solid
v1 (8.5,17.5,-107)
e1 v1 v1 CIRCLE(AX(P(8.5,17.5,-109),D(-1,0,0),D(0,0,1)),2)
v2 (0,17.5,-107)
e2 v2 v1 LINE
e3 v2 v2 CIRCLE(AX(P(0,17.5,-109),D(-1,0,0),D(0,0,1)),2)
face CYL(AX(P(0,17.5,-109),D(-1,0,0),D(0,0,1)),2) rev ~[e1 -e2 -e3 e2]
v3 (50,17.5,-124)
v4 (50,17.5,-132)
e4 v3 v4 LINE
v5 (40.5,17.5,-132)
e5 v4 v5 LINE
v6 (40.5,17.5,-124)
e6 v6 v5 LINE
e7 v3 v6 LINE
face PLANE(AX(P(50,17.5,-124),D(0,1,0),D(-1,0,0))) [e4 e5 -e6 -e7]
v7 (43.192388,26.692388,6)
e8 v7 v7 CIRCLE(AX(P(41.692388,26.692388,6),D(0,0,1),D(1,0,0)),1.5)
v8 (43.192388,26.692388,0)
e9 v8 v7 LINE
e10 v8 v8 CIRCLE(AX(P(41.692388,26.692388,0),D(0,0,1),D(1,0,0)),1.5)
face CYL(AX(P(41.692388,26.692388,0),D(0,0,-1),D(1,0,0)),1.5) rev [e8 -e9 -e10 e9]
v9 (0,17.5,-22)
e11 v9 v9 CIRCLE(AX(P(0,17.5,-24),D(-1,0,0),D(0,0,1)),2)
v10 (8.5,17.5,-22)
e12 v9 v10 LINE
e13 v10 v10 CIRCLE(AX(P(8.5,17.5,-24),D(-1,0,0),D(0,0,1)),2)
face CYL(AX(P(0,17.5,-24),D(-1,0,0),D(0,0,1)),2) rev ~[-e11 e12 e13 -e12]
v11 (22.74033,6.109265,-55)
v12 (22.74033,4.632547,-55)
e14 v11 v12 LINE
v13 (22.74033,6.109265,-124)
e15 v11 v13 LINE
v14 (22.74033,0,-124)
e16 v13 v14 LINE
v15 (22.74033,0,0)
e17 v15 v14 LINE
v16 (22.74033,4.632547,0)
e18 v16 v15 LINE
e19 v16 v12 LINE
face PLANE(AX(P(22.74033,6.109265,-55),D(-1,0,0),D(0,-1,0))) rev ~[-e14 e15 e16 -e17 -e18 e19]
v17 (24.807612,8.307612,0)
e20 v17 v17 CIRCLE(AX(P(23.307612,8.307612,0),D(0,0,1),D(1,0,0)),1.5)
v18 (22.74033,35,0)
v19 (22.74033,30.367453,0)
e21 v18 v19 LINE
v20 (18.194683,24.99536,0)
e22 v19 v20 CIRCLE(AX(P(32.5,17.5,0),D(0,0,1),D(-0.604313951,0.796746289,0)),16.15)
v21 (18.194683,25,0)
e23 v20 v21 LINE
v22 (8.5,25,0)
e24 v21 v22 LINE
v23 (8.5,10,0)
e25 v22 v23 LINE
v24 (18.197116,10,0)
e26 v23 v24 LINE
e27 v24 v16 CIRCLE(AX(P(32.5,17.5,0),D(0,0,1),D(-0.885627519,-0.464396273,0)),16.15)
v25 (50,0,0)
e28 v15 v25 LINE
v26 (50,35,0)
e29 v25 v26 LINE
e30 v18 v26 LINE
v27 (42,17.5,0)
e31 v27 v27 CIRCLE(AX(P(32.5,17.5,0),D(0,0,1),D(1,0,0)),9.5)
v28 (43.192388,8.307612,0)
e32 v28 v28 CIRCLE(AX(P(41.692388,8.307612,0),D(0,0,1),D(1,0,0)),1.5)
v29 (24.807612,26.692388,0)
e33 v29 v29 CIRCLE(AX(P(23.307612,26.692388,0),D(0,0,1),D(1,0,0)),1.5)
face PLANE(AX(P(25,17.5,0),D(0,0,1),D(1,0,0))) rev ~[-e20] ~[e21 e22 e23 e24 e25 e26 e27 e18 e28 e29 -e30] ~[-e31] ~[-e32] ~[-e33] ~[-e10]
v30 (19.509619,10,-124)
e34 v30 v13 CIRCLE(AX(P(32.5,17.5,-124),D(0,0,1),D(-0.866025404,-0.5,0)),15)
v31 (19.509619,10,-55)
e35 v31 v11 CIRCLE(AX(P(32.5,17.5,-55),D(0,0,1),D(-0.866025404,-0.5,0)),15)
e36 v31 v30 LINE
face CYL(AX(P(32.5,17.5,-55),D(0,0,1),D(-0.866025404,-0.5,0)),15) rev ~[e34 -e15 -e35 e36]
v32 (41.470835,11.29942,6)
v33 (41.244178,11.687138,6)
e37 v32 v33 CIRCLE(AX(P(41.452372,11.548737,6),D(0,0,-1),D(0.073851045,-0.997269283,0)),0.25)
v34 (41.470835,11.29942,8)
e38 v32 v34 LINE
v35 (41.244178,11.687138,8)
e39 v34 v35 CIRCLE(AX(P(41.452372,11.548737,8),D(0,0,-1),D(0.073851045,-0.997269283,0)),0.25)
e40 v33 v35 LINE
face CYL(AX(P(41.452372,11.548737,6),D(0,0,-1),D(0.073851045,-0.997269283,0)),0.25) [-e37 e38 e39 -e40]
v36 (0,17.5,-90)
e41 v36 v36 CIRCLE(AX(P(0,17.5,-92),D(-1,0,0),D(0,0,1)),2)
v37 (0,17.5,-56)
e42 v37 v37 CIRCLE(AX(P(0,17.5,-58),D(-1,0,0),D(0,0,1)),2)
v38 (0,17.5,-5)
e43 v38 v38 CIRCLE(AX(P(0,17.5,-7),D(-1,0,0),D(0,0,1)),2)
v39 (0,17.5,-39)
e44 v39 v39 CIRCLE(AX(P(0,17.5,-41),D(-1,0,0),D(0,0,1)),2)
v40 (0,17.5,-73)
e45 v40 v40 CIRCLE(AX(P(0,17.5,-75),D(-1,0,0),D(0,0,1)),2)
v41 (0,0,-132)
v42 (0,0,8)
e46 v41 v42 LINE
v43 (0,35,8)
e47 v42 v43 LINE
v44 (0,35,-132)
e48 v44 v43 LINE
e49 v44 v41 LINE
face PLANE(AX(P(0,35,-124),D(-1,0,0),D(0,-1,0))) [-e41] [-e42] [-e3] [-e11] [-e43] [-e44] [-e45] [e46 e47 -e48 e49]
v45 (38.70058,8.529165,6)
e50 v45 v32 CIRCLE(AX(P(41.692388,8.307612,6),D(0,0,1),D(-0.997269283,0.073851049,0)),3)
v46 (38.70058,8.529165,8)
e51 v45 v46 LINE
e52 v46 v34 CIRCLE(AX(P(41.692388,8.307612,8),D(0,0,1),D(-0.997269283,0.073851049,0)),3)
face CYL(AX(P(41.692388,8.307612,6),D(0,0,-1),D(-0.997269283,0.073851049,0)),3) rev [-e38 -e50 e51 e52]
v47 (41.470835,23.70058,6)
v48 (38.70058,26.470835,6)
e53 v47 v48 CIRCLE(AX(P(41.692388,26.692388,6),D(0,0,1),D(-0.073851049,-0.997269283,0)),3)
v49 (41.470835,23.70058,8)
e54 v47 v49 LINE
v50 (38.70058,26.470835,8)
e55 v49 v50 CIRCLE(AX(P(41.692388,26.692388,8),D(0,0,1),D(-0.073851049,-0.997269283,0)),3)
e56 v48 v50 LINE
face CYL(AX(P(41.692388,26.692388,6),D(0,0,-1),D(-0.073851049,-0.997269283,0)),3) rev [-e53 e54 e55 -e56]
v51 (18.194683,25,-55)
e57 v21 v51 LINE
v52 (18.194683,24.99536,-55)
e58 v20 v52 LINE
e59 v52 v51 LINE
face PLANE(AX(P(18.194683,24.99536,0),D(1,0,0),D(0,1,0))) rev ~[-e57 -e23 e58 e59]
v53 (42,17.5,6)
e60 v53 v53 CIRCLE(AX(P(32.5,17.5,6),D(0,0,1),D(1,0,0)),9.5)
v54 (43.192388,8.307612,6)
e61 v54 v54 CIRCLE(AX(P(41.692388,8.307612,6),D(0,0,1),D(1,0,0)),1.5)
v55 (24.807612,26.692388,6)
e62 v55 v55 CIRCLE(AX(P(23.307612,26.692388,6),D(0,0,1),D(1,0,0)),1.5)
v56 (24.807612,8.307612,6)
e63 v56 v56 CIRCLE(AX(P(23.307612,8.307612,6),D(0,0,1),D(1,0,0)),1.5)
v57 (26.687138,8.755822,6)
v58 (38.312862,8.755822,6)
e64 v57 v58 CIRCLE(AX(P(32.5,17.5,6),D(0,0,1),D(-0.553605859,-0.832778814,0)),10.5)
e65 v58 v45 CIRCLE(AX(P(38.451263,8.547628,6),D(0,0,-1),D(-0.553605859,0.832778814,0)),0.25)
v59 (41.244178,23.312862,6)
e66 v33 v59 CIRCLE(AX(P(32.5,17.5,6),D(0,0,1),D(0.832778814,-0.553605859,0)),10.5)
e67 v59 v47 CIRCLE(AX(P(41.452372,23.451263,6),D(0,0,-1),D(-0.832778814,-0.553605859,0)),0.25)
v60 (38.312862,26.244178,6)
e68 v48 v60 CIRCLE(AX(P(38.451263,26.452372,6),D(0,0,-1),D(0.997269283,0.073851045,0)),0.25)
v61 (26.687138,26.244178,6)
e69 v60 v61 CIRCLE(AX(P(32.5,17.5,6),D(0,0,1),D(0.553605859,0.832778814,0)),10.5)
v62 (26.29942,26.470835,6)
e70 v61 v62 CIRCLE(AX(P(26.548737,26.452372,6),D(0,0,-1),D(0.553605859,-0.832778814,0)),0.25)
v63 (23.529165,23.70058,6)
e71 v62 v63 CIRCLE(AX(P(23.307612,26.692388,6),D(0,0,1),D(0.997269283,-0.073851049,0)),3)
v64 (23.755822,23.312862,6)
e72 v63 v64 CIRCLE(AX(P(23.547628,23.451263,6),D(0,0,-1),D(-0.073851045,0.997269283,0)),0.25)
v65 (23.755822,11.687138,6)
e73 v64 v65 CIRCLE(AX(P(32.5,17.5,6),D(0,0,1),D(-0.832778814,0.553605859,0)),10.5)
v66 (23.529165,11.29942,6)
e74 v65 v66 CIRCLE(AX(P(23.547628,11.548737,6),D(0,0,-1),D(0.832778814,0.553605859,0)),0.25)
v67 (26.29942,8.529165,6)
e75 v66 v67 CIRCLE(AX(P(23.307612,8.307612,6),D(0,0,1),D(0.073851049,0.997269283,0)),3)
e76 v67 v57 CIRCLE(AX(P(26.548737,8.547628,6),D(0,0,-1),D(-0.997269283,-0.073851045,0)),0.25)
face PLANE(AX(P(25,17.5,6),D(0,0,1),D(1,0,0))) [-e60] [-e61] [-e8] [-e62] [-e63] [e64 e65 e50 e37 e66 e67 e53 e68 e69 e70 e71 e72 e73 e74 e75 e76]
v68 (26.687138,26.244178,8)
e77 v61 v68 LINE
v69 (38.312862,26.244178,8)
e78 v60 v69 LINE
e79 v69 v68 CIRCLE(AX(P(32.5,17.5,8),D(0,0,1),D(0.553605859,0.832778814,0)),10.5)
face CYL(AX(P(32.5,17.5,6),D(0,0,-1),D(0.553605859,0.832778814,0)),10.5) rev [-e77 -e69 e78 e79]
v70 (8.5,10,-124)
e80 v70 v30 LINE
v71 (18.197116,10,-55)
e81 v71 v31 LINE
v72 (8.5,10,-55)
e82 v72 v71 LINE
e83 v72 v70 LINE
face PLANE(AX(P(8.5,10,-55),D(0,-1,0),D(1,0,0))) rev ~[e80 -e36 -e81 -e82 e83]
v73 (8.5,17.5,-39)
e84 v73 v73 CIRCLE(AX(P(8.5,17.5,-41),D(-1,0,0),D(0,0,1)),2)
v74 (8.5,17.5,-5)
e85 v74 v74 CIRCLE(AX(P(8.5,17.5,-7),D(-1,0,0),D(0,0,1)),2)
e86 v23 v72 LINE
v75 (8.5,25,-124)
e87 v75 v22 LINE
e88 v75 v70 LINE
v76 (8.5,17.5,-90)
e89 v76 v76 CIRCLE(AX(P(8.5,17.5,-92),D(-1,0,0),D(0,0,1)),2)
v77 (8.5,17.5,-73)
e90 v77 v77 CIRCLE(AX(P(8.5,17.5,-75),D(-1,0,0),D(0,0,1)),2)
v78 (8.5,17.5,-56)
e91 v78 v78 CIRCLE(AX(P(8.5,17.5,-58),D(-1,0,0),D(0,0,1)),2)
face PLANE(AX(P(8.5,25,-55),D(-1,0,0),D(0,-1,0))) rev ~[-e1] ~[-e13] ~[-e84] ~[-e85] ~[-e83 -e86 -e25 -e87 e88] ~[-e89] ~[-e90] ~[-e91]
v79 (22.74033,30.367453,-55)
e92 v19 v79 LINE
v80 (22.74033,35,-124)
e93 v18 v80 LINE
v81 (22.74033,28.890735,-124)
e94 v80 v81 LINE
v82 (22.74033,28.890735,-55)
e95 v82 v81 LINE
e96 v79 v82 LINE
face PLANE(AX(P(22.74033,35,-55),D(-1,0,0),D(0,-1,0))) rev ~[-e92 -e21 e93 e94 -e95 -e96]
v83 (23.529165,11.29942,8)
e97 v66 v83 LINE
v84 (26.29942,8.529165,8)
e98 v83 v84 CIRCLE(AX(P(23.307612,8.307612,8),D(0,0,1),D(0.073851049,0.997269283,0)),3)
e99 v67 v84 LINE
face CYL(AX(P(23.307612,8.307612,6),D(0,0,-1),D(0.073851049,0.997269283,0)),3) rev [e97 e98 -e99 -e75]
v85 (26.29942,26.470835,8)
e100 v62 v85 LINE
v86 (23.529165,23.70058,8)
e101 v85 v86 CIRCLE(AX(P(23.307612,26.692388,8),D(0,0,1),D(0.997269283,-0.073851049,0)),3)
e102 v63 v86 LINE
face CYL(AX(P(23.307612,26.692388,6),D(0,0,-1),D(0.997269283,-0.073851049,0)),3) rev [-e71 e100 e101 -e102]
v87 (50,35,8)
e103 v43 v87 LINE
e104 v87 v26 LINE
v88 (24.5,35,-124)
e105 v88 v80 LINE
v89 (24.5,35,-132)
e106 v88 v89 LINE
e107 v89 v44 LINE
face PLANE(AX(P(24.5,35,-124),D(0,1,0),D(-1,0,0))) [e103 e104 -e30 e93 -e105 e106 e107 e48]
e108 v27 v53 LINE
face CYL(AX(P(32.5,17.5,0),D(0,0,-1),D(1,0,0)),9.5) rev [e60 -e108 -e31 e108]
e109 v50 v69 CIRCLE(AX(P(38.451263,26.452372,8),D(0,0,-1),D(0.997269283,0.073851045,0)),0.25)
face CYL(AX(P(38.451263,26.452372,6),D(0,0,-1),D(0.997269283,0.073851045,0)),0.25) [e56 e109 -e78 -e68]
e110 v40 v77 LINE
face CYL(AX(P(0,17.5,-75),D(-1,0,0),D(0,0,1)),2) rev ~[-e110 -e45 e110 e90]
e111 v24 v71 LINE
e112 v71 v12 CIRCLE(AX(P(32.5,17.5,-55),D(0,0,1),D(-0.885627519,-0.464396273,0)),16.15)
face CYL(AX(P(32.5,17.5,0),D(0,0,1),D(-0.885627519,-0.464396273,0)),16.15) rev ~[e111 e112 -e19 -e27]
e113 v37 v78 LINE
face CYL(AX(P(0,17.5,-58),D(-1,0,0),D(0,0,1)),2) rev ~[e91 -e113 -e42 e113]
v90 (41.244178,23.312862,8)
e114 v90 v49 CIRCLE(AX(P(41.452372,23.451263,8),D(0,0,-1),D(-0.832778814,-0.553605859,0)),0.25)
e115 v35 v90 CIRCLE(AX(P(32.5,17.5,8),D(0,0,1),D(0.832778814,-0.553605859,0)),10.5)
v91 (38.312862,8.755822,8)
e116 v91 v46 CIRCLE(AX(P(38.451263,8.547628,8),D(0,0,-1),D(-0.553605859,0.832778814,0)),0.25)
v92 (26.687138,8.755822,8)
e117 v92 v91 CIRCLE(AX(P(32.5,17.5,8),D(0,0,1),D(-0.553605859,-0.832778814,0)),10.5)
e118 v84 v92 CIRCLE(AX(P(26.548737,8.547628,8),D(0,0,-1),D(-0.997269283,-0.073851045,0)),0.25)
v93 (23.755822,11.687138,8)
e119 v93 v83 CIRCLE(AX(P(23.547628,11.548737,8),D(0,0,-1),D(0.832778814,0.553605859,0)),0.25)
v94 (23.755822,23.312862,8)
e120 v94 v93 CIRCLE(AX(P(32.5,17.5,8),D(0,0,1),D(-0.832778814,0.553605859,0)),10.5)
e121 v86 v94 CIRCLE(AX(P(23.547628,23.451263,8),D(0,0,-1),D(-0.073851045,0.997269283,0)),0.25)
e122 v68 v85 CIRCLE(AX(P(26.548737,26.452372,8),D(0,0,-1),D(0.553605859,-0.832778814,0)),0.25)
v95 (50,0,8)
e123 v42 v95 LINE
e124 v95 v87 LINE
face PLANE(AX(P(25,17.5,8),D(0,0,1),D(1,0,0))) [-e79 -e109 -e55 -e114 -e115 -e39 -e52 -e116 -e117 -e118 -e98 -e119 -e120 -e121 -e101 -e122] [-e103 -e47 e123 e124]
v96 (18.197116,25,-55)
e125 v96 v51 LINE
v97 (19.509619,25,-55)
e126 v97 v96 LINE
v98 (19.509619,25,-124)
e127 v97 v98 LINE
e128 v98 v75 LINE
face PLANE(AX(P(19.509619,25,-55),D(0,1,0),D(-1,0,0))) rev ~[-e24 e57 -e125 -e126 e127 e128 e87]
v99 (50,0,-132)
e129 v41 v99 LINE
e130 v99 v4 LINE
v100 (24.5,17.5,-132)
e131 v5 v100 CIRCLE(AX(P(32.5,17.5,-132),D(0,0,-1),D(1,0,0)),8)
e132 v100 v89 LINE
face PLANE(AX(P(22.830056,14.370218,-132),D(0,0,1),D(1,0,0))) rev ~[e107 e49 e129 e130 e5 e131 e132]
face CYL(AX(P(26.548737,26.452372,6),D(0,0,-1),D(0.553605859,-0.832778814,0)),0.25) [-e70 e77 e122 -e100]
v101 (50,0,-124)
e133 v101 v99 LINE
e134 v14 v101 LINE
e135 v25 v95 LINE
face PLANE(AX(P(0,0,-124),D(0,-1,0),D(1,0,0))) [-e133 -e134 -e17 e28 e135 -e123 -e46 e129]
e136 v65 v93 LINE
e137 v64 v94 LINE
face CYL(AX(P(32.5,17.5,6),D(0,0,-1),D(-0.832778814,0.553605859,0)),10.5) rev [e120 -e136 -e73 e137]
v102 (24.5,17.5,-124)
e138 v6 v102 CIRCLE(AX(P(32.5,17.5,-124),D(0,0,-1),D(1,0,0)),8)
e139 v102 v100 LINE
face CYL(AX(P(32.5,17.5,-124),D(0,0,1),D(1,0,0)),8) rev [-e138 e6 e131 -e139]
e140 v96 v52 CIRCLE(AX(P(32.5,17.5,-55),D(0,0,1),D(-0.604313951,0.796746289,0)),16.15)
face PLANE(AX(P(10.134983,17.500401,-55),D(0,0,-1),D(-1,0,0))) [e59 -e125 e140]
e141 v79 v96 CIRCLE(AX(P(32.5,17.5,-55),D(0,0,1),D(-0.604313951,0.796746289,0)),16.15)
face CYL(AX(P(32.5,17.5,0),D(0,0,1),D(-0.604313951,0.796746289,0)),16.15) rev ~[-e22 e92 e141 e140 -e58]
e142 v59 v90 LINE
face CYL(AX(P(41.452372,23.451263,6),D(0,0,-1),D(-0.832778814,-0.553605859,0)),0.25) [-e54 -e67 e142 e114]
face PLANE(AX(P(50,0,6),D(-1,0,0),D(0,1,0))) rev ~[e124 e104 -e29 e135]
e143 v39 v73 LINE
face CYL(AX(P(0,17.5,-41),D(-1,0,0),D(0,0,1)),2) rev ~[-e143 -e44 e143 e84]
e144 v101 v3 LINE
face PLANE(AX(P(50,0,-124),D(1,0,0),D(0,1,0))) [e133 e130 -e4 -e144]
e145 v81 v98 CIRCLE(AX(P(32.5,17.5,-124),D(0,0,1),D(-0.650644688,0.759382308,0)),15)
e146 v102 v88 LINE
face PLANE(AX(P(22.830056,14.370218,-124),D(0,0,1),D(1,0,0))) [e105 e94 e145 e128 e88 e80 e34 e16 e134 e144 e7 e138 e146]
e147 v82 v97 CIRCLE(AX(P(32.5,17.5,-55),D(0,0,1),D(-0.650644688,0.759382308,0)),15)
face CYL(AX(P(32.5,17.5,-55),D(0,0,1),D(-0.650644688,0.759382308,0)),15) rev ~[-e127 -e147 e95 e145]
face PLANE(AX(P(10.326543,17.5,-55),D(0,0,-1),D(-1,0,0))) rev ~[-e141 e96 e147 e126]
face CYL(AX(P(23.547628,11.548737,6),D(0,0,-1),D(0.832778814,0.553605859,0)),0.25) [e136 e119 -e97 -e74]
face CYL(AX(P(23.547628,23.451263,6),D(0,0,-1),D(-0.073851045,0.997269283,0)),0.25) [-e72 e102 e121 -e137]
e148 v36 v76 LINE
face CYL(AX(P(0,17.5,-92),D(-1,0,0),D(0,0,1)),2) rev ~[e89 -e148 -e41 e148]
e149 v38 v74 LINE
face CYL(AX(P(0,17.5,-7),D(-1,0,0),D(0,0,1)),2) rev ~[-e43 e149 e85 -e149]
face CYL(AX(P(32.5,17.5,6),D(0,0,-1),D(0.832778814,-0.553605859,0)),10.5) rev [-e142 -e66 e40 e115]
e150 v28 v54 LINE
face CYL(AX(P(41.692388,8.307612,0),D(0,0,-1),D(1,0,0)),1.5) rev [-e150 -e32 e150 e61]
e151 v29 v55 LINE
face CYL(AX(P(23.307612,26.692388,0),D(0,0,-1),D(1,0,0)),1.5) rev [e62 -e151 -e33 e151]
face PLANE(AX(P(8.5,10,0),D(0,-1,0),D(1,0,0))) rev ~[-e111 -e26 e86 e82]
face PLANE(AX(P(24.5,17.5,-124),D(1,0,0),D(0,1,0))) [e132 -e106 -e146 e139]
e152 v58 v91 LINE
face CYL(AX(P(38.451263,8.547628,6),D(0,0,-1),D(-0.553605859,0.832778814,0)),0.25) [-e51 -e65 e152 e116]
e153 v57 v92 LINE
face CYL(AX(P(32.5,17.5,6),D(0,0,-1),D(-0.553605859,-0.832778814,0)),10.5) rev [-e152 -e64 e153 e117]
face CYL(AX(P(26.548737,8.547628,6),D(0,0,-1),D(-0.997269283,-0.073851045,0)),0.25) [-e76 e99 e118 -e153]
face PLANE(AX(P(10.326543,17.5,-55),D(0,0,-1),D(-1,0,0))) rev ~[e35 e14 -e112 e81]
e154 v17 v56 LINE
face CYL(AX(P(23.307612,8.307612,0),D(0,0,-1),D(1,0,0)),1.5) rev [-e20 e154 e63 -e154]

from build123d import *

# Parameters (mm, degrees)
SKETCH1_W            = 50
SKETCH1_H            = 35
SKETCH1_R            = 9.5
SKETCH1_R_2          = 1.5
BOSS_EXTRUDE3_DEPTH  = 6
SKETCH4_W            = 50
SKETCH4_H            = 35
BOSS_EXTRUDE5_DEPTH  = 2
BOSS_EXTRUDE6_DEPTH  = 55
BOSS_EXTRUDE9_DEPTH  = 69
BOSS_EXTRUDE10_DEPTH = 8
SKETCH9_R            = 2
CUT_EXTRUDE1_DEPTH   = 8.5


with BuildPart() as part:
    # Sketch1 → Boss-Extrude3 (new body)
    with BuildSketch(Plane.XY):
        with Locations((25, 17.5)):
            Rectangle(SKETCH1_W, SKETCH1_H)
        with Locations((32.5, 17.5)):
            Circle(SKETCH1_R, mode=Mode.SUBTRACT)
        with Locations((41.692388155, 26.692388155)):
            Circle(SKETCH1_R_2, mode=Mode.SUBTRACT)
        with Locations((41.692388155, 8.307611845)):
            Circle(SKETCH1_R_2, mode=Mode.SUBTRACT)
        with Locations((23.307611845, 8.307611845)):
            Circle(SKETCH1_R_2, mode=Mode.SUBTRACT)
        with Locations((23.307611845, 26.692388155)):
            Circle(SKETCH1_R_2, mode=Mode.SUBTRACT)
    extrude(amount=BOSS_EXTRUDE3_DEPTH)

    # Sketch4 → Boss-Extrude5 (add)
    with BuildSketch(Plane.XY.offset(6)):
        with Locations((25, 17.5)):
            Rectangle(SKETCH4_W, SKETCH4_H)
        with BuildLine():
            ThreePointArc((26.299419693, 26.47083501), (21.186291501, 28.813708499), (23.52916499, 23.700580307))
            ThreePointArc((23.52916499, 23.700580307), (23.763454109, 23.57743344), (23.755822455, 23.312861521))
            ThreePointArc((23.755822455, 23.312861521), (22, 17.5), (23.755822455, 11.687138479))
            ThreePointArc((23.755822455, 11.687138479), (23.763454109, 11.42256656), (23.52916499, 11.299419693))
            ThreePointArc((23.52916499, 11.299419693), (21.186291501, 6.186291501), (26.299419693, 8.52916499))
            ThreePointArc((26.299419693, 8.52916499), (26.42256656, 8.763454109), (26.687138479, 8.755822455))
            ThreePointArc((26.687138479, 8.755822455), (32.5, 7), (38.312861521, 8.755822455))
            ThreePointArc((38.312861521, 8.755822455), (38.57743344, 8.763454109), (38.700580307, 8.52916499))
            ThreePointArc((38.700580307, 8.52916499), (43.813708499, 6.186291501), (41.47083501, 11.299419693))
            ThreePointArc((41.47083501, 11.299419693), (41.236545891, 11.42256656), (41.244177545, 11.687138479))
            ThreePointArc((41.244177545, 11.687138479), (43, 17.5), (41.244177545, 23.312861521))
            ThreePointArc((41.244177545, 23.312861521), (41.236545891, 23.57743344), (41.47083501, 23.700580307))
            ThreePointArc((41.47083501, 23.700580307), (43.813708499, 28.813708499), (38.700580307, 26.47083501))
            ThreePointArc((38.700580307, 26.47083501), (38.57743344, 26.236545891), (38.312861521, 26.244177545))
            ThreePointArc((38.312861521, 26.244177545), (32.5, 28), (26.687138479, 26.244177545))
            ThreePointArc((26.687138479, 26.244177545), (26.42256656, 26.236545891), (26.299419693, 26.47083501))
        make_face(mode=Mode.SUBTRACT)
    extrude(amount=BOSS_EXTRUDE5_DEPTH)

    # Sketch8 → Boss-Extrude6 (add)
    with BuildSketch(Plane(origin=(0, 0, 0), x_dir=(-1, 0, 0), z_dir=(0, 0, -1))):
        with BuildLine():
            Line((-8.5, 35), (-22.740329685, 35))
            Line((-22.740329685, 35), (-22.740329685, 30.367452558))
            ThreePointArc((-22.740329685, 30.367452558), (-20.171344576, 27.9320063), (-18.194683381, 24.99535966))
            Line((-18.194683381, 24.99535966), (-18.194683381, 25))
            Line((-18.194683381, 25), (-8.5, 25))
            Line((-8.5, 25), (-8.5, 10.000000197))
            Line((-8.5, 10.000000197), (-18.197115572, 10.000000197))
            ThreePointArc((-18.197115572, 10.000000197), (-20.17303677, 7.065994176), (-22.740329685, 4.632547442))
            Line((-22.740329685, 4.632547442), (-22.740329685, 0))
            Line((-22.740329685, 0), (-8.5, 0))
            Line((-8.5, 0), (0, 0))
            Line((0, 0), (0, 10.000000197))
            Line((0, 10.000000197), (0, 25))
            Line((0, 25), (0, 35))
            Line((0, 35), (-8.5, 35))
        make_face()
    extrude(amount=BOSS_EXTRUDE6_DEPTH)

    # Sketch13 → Boss-Extrude9 (add)
    with BuildSketch(Plane(origin=(0, 0, -55), x_dir=(-1, 0, 0), z_dir=(0, 0, -1))):
        with BuildLine():
            Line((-8.5, 25), (-8.5, 10))
            Line((-8.5, 10), (-19.509618943, 10))
            ThreePointArc((-19.509618943, 10), (-20.959823947, 7.917498413), (-22.740329685, 6.109265373))
            Line((-22.740329685, 6.109265373), (-22.740329685, 0))
            Line((-22.740329685, 0), (0, 0))
            Line((0, 0), (0, 35))
            Line((0, 35), (-22.740329685, 35))
            Line((-22.740329685, 35), (-22.740329685, 28.890734627))
            ThreePointArc((-22.740329685, 28.890734627), (-20.959823947, 27.082501587), (-19.509618943, 25))
            Line((-19.509618943, 25), (-8.5, 25))
        make_face()
    extrude(amount=BOSS_EXTRUDE9_DEPTH)

    # Sketch14 → Boss-Extrude10 (add)
    with BuildSketch(Plane(origin=(0, 0, -124), x_dir=(-1, 0, 0), z_dir=(0, 0, -1))):
        with BuildLine():
            Line((-24.5, 17.5), (-24.5, 35))
            Line((-24.5, 35), (0, 35))
            Line((0, 35), (0, 0))
            Line((0, 0), (-50, 0))
            Line((-50, 0), (-50, 17.5))
            Line((-50, 17.5), (-40.5, 17.5))
            ThreePointArc((-40.5, 17.5), (-32.5, 9.5), (-24.5, 17.5))
        make_face()
    extrude(amount=BOSS_EXTRUDE10_DEPTH)

    # Sketch9 → Cut-Extrude1 (cut)
    with BuildSketch(Plane.ZY):
        with Locations((-7, 17.5)):
            Circle(SKETCH9_R)
        with Locations((-24, 17.5)):
            Circle(SKETCH9_R)
        with Locations((-41, 17.5)):
            Circle(SKETCH9_R)
        with Locations((-58, 17.5)):
            Circle(SKETCH9_R)
        with Locations((-75, 17.5)):
            Circle(SKETCH9_R)
        with Locations((-92, 17.5)):
            Circle(SKETCH9_R)
        with Locations((-109, 17.5)):
            Circle(SKETCH9_R)
    extrude(amount=-CUT_EXTRUDE1_DEPTH, mode=Mode.SUBTRACT)


solid = part.part
